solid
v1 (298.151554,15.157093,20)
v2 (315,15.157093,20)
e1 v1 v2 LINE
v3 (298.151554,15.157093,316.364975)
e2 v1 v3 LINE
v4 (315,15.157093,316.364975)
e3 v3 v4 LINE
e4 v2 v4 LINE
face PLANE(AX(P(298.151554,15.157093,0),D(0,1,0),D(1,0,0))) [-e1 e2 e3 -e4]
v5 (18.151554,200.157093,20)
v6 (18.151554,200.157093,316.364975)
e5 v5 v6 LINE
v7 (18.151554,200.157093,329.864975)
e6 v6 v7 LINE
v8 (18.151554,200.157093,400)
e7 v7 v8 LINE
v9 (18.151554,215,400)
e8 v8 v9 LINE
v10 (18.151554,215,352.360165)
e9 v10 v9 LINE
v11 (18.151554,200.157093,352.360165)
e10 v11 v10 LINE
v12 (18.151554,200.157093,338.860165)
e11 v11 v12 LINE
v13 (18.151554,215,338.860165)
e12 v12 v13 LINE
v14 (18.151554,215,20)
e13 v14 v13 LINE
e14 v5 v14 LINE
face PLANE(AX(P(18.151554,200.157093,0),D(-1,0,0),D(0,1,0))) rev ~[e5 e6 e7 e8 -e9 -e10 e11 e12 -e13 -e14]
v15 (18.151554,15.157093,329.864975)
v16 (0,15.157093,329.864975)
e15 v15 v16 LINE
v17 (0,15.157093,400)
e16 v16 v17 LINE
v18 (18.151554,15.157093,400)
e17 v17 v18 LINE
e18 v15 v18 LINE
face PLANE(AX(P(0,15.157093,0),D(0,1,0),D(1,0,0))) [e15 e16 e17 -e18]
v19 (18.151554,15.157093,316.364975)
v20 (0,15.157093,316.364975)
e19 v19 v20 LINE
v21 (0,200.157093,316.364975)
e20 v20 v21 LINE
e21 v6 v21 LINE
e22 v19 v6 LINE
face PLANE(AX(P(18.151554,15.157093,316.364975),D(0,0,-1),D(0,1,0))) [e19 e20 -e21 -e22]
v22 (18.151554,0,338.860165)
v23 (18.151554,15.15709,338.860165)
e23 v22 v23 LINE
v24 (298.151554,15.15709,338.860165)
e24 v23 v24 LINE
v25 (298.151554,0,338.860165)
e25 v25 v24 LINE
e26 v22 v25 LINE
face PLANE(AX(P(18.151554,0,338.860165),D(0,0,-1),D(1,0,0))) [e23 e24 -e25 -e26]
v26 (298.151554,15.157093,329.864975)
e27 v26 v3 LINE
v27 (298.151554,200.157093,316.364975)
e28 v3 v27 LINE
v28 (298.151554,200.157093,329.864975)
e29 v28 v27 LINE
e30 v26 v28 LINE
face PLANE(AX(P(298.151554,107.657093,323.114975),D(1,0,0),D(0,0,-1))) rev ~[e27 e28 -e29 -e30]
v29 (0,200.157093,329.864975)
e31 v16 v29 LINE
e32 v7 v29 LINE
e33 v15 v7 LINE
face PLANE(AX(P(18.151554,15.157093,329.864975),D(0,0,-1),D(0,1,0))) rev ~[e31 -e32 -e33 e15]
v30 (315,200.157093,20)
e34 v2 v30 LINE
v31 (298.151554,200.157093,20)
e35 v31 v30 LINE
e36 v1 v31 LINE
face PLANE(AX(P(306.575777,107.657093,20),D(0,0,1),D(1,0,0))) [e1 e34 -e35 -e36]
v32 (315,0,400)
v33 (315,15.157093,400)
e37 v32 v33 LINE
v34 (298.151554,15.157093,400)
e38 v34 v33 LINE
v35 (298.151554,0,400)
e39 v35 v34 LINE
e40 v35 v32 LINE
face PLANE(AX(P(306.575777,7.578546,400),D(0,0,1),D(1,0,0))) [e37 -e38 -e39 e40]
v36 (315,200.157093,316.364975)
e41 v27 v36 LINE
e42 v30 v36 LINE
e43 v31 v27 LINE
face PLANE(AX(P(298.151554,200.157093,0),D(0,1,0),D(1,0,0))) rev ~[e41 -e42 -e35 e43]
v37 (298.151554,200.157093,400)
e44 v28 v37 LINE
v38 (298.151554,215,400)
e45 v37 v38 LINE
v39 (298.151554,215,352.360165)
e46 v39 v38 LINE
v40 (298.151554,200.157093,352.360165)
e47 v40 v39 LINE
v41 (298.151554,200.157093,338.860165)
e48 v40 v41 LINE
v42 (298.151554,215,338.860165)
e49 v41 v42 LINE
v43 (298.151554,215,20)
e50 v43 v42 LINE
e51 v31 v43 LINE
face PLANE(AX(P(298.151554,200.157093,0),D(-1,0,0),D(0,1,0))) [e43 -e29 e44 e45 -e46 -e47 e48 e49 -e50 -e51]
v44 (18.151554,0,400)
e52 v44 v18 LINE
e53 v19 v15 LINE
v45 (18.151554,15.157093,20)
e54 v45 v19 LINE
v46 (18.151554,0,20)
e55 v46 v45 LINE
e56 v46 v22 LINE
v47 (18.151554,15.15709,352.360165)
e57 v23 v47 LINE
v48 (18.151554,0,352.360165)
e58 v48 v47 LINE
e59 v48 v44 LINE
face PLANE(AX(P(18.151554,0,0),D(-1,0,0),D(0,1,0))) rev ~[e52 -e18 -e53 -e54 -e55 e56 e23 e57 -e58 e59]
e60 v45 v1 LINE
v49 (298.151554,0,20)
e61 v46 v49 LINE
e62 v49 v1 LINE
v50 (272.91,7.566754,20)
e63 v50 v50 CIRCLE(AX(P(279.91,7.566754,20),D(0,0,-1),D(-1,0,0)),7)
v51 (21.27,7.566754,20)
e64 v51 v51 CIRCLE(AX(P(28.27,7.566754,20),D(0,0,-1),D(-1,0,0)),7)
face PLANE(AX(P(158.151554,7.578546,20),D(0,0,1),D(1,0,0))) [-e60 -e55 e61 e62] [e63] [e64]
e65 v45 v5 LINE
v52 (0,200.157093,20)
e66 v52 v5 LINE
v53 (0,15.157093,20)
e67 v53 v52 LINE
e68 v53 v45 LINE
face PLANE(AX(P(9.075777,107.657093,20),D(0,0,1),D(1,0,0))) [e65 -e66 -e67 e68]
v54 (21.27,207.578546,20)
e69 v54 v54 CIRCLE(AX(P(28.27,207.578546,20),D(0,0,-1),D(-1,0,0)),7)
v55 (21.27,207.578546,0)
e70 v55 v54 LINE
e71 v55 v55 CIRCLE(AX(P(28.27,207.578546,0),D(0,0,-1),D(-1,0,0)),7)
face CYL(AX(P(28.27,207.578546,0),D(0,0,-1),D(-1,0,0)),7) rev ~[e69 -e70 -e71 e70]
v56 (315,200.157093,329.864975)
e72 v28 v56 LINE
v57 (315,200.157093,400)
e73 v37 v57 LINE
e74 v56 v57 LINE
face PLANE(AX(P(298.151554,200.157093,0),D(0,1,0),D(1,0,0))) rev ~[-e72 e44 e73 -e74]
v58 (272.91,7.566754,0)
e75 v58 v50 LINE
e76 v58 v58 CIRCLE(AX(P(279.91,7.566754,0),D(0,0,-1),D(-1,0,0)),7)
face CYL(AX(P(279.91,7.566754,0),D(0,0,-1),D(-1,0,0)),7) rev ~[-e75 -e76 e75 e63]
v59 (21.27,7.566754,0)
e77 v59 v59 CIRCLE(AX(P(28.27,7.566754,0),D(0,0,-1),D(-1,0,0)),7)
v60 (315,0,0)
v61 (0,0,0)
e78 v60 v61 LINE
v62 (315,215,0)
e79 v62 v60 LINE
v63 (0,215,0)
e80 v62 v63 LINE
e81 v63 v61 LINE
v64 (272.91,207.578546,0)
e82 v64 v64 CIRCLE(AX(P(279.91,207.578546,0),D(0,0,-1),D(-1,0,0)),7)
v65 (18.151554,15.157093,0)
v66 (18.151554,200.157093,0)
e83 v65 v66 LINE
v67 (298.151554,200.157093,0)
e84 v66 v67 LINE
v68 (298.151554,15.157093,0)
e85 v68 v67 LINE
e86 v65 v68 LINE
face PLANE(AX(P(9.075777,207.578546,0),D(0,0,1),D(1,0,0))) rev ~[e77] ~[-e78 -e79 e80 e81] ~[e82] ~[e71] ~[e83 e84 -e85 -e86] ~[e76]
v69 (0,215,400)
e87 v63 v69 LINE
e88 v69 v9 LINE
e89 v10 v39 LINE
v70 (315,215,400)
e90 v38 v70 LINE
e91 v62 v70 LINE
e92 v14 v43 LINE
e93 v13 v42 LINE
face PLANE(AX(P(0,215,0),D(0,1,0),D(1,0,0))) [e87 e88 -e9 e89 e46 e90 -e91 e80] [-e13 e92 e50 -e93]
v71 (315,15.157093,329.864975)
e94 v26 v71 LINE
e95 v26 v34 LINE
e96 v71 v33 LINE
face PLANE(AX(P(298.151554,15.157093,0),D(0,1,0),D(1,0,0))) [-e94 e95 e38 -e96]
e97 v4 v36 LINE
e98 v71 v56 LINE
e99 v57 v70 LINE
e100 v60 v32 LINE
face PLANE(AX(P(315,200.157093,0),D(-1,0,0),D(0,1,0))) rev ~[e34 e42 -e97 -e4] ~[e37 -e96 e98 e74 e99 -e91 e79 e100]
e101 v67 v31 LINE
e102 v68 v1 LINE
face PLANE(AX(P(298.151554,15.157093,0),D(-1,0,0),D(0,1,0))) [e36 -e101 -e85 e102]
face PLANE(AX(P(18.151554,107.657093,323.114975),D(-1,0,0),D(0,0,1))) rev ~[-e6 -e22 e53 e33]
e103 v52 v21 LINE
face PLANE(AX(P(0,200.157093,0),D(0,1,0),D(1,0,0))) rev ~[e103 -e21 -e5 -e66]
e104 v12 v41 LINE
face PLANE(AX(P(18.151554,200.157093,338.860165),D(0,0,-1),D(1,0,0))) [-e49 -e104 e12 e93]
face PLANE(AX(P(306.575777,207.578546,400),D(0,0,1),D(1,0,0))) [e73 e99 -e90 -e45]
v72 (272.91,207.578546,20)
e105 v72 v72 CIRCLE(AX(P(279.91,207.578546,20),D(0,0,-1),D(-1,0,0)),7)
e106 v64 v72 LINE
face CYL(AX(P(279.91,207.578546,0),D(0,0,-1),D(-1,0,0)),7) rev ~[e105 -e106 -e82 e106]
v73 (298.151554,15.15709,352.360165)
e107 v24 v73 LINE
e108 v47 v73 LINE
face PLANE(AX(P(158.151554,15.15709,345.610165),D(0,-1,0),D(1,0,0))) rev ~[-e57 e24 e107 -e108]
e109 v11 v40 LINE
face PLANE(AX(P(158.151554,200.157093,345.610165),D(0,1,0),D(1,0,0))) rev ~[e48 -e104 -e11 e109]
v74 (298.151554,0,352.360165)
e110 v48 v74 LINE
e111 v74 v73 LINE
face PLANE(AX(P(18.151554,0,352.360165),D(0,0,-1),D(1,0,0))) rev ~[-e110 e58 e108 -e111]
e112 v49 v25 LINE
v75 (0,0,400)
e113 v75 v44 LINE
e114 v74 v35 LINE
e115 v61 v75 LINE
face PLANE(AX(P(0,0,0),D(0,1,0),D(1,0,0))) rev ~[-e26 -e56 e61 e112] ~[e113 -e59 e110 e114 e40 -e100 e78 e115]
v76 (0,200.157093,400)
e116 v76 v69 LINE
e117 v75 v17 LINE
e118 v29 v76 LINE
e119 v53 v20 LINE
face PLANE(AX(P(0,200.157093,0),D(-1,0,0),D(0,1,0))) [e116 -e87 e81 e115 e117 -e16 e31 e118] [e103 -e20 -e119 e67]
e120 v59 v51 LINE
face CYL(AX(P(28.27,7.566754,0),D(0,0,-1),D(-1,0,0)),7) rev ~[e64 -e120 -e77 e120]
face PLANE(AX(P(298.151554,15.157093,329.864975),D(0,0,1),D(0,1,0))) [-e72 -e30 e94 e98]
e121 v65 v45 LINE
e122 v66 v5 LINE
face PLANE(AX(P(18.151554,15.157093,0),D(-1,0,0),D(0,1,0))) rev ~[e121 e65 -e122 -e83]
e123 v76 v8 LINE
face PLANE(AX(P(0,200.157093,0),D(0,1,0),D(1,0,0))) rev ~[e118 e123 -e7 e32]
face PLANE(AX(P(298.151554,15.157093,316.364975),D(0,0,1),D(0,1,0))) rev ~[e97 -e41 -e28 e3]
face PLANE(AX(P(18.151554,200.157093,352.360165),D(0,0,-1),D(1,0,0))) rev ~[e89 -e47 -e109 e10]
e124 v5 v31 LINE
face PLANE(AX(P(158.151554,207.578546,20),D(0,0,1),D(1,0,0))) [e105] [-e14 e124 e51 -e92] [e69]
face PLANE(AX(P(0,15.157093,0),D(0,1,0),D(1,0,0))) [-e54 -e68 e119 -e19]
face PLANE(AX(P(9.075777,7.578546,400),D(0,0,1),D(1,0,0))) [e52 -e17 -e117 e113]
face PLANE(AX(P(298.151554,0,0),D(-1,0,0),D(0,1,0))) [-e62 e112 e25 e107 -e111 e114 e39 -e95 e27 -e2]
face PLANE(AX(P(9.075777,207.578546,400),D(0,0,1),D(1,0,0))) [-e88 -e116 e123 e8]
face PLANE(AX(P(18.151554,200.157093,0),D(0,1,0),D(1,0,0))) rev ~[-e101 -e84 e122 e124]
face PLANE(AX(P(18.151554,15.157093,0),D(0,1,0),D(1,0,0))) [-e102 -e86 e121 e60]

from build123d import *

# Parameters (mm, degrees)
SKETCH_13_W         = 280
SKETCH_13_H         = 14.842907488
EXTRUDE_14_DEPTH    = 20
SKETCH_13_W_2       = 18.151554109
SKETCH_13_H_2       = 185
EXTRUDE_14_2_DEPTH  = 20
SKETCH_13_H_3       = 15.157092512
EXTRUDE_14_3_DEPTH  = 20
SKETCH_13_W_3       = 16.848445891
EXTRUDE_14_4_DEPTH  = 20
SKETCH_29_W         = 18.151554109
SKETCH_29_H         = 14.842907488
SKETCH_29_W_2       = 16.848445891
SKETCH_29_H_2       = 15.157092512
EXTRUDE_15_DEPTH    = 400
EXTRUDE_START       = -16.848446
SKETCH_33_W         = 13.5
SKETCH_33_H         = 185
EXTRUDE_16_DEPTH    = 16.848446
EXTRUDE_START_2     = -18.151554
SKETCH_32_W         = 13.5
SKETCH_32_H         = 185
EXTRUDE_17_DEPTH    = 18.151554
EXTRUDE_START_3     = -14.842907
SKETCH_31_W         = 280
SKETCH_31_H         = 13.5
EXTRUDE_18_DEPTH    = 14.842907
SKETCH_30_W         = 280
SKETCH_30_H         = 13.5
EXTRUDE_19_DEPTH    = 15.15709
SKETCH_34_R         = 7
CUT_EXTRUDE_1_DEPTH = 20


with BuildPart() as part:
    # 草图13 → 凸台-拉伸14 (new body)
    with BuildSketch(Plane.XY):
        with Locations((158.151554109, 207.578546256)):
            Rectangle(SKETCH_13_W, SKETCH_13_H)
    extrude(amount=EXTRUDE_14_DEPTH)



with BuildPart() as body_2:
    # 草图13 → Extrude 14 2 (new body)
    with BuildSketch(Plane.XY):
        with Locations((9.075777055, 107.657092512)):
            Rectangle(SKETCH_13_W_2, SKETCH_13_H_2)
    extrude(amount=EXTRUDE_14_2_DEPTH)


with BuildPart() as body_3:
    # 草图13 → Extrude 14 3 (new body)
    with BuildSketch(Plane.XY):
        with Locations((158.151554109, 7.578546256)):
            Rectangle(SKETCH_13_W, SKETCH_13_H_3)
    extrude(amount=EXTRUDE_14_3_DEPTH)


with BuildPart() as body_4:
    # 草图13 → Extrude 14 4 (new body)
    with BuildSketch(Plane.XY):
        with Locations((306.575777055, 107.657092512)):
            Rectangle(SKETCH_13_W_3, SKETCH_13_H_2)
    extrude(amount=EXTRUDE_14_4_DEPTH)


with BuildPart() as part_1:
    add(part.part)

    add(body_2.part)  # 凸台-拉伸15 merges body 2

    add(body_3.part)  # 凸台-拉伸15 merges body 3

    add(body_4.part)  # 凸台-拉伸15 merges body 4
    # 草图29 → 凸台-拉伸15 (add)
    with BuildSketch(Plane.XY):
        with Locations((9.075777055, 207.578546256)):
            Rectangle(SKETCH_29_W, SKETCH_29_H)
        with Locations((306.575777055, 207.578546256)):
            Rectangle(SKETCH_29_W_2, SKETCH_29_H)
        with Locations((9.075777055, 7.578546256)):
            Rectangle(SKETCH_29_W, SKETCH_29_H_2)
        with Locations((306.575777055, 7.578546256)):
            Rectangle(SKETCH_29_W_2, SKETCH_29_H_2)
    extrude(amount=EXTRUDE_15_DEPTH)

    # 草图33 → 凸台-拉伸16 (add)
    with BuildSketch(Plane(origin=(315, 0, 0), x_dir=(0, 0, -1), z_dir=(1, 0, 0)).offset(EXTRUDE_START)):
        with Locations((-323.114974864, 107.657092512)):
            Rectangle(SKETCH_33_W, SKETCH_33_H)
    extrude(amount=EXTRUDE_16_DEPTH)

    # 草图32 → 凸台-拉伸17 (add)
    with BuildSketch(Plane.ZY.offset(EXTRUDE_START_2)):
        with Locations((323.114974864, 107.657092512)):
            Rectangle(SKETCH_32_W, SKETCH_32_H)
    extrude(amount=EXTRUDE_17_DEPTH)

    # 草图31 → 凸台-拉伸18 (add)
    with BuildSketch(Plane(origin=(0, 215, 0), x_dir=(1, 0, 0), z_dir=(0, 1, 0)).offset(EXTRUDE_START_3)):
        with Locations((158.151554109, -345.610164736)):
            Rectangle(SKETCH_31_W, SKETCH_31_H)
    extrude(amount=EXTRUDE_18_DEPTH)

    # 草图30 → 凸台-拉伸19 (add)
    with BuildSketch(Plane.XZ):
        with Locations((158.151554109, 345.610164736)):
            Rectangle(SKETCH_30_W, SKETCH_30_H)
    extrude(amount=-EXTRUDE_19_DEPTH)

    # 草图34 → 切除-拉伸1 (cut)
    with BuildSketch(Plane(origin=(0, 0, 0), x_dir=(-1, 0, 0), z_dir=(0, 0, -1))):
        with Locations((-279.91, 207.578546256)):
            Circle(SKETCH_34_R)
        with Locations((-279.91, 7.566753944)):
            Circle(SKETCH_34_R)
        with Locations((-28.27, 207.578546256)):
            Circle(SKETCH_34_R)
        with Locations((-28.27, 7.566753944)):
            Circle(SKETCH_34_R)
    extrude(amount=-CUT_EXTRUDE_1_DEPTH, mode=Mode.SUBTRACT)


solid = part_1.part
